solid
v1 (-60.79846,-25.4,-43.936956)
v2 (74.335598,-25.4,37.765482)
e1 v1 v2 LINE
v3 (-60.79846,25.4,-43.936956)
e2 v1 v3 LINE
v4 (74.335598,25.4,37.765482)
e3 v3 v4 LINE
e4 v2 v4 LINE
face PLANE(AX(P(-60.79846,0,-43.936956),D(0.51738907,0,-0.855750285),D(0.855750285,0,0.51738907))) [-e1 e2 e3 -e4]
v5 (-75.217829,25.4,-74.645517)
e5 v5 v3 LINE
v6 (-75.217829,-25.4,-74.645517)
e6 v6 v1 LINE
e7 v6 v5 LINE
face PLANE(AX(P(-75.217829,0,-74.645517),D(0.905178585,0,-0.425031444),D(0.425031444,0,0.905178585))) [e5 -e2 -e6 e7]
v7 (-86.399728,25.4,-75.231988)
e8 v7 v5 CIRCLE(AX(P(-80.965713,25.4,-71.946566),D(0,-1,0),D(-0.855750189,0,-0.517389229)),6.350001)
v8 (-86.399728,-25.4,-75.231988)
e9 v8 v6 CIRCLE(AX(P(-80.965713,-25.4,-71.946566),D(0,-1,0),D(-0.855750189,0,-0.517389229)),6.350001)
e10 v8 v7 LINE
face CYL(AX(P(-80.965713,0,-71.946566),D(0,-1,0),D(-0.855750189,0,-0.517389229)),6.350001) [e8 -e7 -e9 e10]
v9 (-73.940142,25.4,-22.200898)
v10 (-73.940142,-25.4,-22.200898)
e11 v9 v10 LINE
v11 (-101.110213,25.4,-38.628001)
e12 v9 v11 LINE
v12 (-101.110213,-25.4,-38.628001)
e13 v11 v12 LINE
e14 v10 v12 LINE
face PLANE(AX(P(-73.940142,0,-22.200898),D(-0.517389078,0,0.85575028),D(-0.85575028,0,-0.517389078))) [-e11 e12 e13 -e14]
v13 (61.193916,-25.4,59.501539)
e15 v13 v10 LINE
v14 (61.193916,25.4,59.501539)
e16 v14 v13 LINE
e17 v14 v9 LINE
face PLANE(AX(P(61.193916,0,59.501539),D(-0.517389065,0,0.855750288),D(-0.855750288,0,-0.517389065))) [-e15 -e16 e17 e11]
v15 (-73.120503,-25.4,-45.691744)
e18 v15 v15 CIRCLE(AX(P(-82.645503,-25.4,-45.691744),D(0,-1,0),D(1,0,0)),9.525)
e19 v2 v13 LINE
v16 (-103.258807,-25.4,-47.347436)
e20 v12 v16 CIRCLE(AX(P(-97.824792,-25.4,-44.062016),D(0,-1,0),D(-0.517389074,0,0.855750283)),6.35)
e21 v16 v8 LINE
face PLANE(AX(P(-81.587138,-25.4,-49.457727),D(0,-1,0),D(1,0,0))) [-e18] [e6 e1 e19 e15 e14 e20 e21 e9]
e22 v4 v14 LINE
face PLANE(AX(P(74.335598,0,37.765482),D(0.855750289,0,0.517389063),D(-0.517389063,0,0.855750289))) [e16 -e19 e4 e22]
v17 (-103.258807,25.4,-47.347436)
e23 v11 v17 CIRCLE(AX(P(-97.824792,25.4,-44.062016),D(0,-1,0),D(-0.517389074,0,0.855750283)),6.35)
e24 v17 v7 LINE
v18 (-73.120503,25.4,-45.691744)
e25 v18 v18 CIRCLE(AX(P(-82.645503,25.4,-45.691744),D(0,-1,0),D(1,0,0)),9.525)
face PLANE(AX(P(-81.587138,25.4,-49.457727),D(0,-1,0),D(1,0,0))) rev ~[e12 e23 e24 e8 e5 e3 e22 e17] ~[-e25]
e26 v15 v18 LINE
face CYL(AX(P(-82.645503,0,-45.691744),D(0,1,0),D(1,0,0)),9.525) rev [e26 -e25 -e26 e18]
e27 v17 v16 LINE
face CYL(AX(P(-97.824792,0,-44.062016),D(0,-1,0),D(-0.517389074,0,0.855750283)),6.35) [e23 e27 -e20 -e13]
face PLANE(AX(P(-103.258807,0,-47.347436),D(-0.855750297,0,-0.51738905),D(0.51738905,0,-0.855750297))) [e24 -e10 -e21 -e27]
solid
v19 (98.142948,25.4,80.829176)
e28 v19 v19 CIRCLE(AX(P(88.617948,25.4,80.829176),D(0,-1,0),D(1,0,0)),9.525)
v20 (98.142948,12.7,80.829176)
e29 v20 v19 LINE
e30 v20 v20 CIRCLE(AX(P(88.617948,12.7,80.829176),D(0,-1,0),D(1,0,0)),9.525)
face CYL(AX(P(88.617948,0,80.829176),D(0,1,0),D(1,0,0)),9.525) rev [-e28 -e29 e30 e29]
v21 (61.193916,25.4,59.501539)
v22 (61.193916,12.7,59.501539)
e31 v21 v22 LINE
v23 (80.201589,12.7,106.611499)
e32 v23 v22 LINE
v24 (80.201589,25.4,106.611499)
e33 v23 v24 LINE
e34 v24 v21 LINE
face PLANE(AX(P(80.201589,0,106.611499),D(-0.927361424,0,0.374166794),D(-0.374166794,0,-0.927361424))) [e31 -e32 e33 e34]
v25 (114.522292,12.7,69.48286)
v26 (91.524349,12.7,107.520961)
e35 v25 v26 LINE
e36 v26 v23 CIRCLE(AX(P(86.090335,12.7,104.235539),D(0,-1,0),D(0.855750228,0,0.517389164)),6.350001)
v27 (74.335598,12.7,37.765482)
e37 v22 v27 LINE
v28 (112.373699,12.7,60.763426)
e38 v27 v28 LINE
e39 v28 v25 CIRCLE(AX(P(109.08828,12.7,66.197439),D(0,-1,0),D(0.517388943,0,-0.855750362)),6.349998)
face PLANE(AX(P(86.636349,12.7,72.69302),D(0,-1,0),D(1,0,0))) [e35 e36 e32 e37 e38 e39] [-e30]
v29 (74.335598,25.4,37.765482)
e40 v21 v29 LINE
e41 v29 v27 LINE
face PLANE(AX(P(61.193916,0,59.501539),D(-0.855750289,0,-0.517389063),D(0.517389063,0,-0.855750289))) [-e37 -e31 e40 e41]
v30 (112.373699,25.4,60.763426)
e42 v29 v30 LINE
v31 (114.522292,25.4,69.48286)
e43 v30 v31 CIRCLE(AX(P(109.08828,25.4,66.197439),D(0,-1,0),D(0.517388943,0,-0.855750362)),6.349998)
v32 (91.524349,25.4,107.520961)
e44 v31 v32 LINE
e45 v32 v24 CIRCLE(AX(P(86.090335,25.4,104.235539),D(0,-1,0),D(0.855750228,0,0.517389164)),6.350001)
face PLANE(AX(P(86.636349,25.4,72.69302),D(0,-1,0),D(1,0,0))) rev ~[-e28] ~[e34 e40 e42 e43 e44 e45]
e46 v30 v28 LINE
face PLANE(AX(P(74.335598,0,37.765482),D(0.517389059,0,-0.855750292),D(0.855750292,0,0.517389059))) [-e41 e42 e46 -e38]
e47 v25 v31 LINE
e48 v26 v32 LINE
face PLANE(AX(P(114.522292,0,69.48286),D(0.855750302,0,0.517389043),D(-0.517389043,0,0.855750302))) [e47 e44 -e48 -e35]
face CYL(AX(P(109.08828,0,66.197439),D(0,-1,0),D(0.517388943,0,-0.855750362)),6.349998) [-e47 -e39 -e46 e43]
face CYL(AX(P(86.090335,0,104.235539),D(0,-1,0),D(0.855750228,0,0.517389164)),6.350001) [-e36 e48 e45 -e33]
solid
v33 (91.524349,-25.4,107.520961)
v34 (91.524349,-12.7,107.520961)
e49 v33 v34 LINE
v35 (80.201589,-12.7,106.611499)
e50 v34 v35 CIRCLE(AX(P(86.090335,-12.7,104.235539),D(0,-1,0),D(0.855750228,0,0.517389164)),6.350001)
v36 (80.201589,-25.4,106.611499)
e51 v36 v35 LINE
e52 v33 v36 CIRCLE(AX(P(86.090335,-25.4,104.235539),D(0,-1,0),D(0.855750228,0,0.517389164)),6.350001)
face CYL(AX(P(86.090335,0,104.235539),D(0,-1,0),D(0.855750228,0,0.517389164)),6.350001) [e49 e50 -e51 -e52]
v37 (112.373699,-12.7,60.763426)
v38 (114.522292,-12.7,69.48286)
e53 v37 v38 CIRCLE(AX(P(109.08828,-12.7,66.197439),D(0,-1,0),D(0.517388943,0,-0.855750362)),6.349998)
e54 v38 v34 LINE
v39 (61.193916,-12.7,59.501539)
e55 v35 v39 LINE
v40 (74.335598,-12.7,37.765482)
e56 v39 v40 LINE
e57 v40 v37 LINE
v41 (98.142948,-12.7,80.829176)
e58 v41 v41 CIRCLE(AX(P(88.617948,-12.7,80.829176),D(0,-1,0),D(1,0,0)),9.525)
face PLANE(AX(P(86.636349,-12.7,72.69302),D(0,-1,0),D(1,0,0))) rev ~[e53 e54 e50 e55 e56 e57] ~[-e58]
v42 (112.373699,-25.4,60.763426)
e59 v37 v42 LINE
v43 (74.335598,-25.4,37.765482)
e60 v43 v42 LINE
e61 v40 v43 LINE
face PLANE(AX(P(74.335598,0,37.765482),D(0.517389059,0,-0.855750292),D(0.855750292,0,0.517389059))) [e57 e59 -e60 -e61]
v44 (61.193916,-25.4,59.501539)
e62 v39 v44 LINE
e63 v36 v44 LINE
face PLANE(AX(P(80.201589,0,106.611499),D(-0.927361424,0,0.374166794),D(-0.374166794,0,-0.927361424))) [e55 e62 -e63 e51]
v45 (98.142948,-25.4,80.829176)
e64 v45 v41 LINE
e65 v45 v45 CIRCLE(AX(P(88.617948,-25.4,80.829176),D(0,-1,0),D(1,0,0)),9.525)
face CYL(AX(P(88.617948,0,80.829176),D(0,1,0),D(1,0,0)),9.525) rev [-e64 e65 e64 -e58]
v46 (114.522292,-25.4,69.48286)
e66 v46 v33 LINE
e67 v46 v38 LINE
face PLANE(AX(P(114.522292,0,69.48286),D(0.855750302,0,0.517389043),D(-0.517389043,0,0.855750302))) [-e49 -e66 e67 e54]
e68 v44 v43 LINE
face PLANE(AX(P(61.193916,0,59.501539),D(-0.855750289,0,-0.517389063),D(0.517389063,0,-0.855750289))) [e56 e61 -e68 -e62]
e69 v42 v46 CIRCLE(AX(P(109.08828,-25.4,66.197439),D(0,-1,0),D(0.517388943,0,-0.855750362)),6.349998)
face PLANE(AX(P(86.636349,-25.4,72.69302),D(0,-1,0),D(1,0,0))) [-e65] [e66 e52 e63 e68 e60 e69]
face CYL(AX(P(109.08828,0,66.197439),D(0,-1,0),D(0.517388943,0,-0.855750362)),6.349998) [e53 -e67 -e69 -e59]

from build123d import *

# Parameters (mm, degrees)
F0_R     = 9.525
F1_DEPTH = 25.4
F2_DEPTH = 25.4
F3_DEPTH = 12.7
F4_DEPTH = 25.4


with BuildPart() as f1:
    # F0 (on Front) → F1 (new body, symmetric)
    with BuildSketch(Plane.XZ):
        with BuildLine():
            Line((80.201589, 106.611499), (61.193916, 59.501539))
            Line((61.193916, 59.501539), (74.335598, 37.765482))
            Line((74.335598, 37.765482), (112.373699, 60.763426))
            ThreePointArc((112.373699, 60.763426), (115.25385, 64.678155), (114.522292, 69.48286))
            Line((114.522292, 69.48286), (91.524349, 107.520961))
            ThreePointArc((91.524349, 107.520961), (85.58193, 110.565155), (80.201589, 106.611499))
        make_face()
        with Locations((88.617948, 80.829176)):
            Circle(F0_R, mode=Mode.SUBTRACT)
    extrude(amount=F1_DEPTH, both=True)

    # F0 (on Front) → F3 (cut, symmetric)
    with BuildSketch(Plane.XZ):
        with BuildLine():
            Line((80.201589, 106.611499), (61.193916, 59.501539))
            Line((61.193916, 59.501539), (74.335598, 37.765482))
            Line((74.335598, 37.765482), (112.373699, 60.763426))
            ThreePointArc((112.373699, 60.763426), (115.25385, 64.678155), (114.522292, 69.48286))
            Line((114.522292, 69.48286), (91.524349, 107.520961))
            ThreePointArc((91.524349, 107.520961), (85.58193, 110.565155), (80.201589, 106.611499))
        make_face()
        with Locations((88.617948, 80.829176)):
            Circle(F0_R, mode=Mode.SUBTRACT)
    extrude(amount=F3_DEPTH, both=True, mode=Mode.SUBTRACT)


with BuildPart() as f2:
    # F0 (on Front) → F2 (new body, symmetric)
    with BuildSketch(Plane.XZ):
        Polygon((74.335598, 37.765482), (61.193916, 59.501539), (-73.940142, -22.200898), (-60.79846, -43.936956), align=None)
    extrude(amount=F2_DEPTH, both=True)

    # F0 (on Front) → F4 (join, symmetric)
    with BuildSketch(Plane.XZ):
        with BuildLine():
            Line((-60.79846, -43.936956), (-73.940142, -22.200898))
            Line((-73.940142, -22.200898), (-101.110213, -38.628001))
            ThreePointArc((-101.110213, -38.628001), (-103.990364, -42.54273), (-103.258807, -47.347436))
            Line((-103.258807, -47.347436), (-86.399728, -75.231988))
            ThreePointArc((-86.399728, -75.231988), (-80.633124, -78.287851), (-75.217829, -74.645517))
            Line((-75.217829, -74.645517), (-60.79846, -43.936956))
        make_face()
        with Locations((-82.645503, -45.691744)):
            Circle(F0_R, mode=Mode.SUBTRACT)
    extrude(amount=F4_DEPTH, both=True)


solid = Compound([f1.part, f2.part])
